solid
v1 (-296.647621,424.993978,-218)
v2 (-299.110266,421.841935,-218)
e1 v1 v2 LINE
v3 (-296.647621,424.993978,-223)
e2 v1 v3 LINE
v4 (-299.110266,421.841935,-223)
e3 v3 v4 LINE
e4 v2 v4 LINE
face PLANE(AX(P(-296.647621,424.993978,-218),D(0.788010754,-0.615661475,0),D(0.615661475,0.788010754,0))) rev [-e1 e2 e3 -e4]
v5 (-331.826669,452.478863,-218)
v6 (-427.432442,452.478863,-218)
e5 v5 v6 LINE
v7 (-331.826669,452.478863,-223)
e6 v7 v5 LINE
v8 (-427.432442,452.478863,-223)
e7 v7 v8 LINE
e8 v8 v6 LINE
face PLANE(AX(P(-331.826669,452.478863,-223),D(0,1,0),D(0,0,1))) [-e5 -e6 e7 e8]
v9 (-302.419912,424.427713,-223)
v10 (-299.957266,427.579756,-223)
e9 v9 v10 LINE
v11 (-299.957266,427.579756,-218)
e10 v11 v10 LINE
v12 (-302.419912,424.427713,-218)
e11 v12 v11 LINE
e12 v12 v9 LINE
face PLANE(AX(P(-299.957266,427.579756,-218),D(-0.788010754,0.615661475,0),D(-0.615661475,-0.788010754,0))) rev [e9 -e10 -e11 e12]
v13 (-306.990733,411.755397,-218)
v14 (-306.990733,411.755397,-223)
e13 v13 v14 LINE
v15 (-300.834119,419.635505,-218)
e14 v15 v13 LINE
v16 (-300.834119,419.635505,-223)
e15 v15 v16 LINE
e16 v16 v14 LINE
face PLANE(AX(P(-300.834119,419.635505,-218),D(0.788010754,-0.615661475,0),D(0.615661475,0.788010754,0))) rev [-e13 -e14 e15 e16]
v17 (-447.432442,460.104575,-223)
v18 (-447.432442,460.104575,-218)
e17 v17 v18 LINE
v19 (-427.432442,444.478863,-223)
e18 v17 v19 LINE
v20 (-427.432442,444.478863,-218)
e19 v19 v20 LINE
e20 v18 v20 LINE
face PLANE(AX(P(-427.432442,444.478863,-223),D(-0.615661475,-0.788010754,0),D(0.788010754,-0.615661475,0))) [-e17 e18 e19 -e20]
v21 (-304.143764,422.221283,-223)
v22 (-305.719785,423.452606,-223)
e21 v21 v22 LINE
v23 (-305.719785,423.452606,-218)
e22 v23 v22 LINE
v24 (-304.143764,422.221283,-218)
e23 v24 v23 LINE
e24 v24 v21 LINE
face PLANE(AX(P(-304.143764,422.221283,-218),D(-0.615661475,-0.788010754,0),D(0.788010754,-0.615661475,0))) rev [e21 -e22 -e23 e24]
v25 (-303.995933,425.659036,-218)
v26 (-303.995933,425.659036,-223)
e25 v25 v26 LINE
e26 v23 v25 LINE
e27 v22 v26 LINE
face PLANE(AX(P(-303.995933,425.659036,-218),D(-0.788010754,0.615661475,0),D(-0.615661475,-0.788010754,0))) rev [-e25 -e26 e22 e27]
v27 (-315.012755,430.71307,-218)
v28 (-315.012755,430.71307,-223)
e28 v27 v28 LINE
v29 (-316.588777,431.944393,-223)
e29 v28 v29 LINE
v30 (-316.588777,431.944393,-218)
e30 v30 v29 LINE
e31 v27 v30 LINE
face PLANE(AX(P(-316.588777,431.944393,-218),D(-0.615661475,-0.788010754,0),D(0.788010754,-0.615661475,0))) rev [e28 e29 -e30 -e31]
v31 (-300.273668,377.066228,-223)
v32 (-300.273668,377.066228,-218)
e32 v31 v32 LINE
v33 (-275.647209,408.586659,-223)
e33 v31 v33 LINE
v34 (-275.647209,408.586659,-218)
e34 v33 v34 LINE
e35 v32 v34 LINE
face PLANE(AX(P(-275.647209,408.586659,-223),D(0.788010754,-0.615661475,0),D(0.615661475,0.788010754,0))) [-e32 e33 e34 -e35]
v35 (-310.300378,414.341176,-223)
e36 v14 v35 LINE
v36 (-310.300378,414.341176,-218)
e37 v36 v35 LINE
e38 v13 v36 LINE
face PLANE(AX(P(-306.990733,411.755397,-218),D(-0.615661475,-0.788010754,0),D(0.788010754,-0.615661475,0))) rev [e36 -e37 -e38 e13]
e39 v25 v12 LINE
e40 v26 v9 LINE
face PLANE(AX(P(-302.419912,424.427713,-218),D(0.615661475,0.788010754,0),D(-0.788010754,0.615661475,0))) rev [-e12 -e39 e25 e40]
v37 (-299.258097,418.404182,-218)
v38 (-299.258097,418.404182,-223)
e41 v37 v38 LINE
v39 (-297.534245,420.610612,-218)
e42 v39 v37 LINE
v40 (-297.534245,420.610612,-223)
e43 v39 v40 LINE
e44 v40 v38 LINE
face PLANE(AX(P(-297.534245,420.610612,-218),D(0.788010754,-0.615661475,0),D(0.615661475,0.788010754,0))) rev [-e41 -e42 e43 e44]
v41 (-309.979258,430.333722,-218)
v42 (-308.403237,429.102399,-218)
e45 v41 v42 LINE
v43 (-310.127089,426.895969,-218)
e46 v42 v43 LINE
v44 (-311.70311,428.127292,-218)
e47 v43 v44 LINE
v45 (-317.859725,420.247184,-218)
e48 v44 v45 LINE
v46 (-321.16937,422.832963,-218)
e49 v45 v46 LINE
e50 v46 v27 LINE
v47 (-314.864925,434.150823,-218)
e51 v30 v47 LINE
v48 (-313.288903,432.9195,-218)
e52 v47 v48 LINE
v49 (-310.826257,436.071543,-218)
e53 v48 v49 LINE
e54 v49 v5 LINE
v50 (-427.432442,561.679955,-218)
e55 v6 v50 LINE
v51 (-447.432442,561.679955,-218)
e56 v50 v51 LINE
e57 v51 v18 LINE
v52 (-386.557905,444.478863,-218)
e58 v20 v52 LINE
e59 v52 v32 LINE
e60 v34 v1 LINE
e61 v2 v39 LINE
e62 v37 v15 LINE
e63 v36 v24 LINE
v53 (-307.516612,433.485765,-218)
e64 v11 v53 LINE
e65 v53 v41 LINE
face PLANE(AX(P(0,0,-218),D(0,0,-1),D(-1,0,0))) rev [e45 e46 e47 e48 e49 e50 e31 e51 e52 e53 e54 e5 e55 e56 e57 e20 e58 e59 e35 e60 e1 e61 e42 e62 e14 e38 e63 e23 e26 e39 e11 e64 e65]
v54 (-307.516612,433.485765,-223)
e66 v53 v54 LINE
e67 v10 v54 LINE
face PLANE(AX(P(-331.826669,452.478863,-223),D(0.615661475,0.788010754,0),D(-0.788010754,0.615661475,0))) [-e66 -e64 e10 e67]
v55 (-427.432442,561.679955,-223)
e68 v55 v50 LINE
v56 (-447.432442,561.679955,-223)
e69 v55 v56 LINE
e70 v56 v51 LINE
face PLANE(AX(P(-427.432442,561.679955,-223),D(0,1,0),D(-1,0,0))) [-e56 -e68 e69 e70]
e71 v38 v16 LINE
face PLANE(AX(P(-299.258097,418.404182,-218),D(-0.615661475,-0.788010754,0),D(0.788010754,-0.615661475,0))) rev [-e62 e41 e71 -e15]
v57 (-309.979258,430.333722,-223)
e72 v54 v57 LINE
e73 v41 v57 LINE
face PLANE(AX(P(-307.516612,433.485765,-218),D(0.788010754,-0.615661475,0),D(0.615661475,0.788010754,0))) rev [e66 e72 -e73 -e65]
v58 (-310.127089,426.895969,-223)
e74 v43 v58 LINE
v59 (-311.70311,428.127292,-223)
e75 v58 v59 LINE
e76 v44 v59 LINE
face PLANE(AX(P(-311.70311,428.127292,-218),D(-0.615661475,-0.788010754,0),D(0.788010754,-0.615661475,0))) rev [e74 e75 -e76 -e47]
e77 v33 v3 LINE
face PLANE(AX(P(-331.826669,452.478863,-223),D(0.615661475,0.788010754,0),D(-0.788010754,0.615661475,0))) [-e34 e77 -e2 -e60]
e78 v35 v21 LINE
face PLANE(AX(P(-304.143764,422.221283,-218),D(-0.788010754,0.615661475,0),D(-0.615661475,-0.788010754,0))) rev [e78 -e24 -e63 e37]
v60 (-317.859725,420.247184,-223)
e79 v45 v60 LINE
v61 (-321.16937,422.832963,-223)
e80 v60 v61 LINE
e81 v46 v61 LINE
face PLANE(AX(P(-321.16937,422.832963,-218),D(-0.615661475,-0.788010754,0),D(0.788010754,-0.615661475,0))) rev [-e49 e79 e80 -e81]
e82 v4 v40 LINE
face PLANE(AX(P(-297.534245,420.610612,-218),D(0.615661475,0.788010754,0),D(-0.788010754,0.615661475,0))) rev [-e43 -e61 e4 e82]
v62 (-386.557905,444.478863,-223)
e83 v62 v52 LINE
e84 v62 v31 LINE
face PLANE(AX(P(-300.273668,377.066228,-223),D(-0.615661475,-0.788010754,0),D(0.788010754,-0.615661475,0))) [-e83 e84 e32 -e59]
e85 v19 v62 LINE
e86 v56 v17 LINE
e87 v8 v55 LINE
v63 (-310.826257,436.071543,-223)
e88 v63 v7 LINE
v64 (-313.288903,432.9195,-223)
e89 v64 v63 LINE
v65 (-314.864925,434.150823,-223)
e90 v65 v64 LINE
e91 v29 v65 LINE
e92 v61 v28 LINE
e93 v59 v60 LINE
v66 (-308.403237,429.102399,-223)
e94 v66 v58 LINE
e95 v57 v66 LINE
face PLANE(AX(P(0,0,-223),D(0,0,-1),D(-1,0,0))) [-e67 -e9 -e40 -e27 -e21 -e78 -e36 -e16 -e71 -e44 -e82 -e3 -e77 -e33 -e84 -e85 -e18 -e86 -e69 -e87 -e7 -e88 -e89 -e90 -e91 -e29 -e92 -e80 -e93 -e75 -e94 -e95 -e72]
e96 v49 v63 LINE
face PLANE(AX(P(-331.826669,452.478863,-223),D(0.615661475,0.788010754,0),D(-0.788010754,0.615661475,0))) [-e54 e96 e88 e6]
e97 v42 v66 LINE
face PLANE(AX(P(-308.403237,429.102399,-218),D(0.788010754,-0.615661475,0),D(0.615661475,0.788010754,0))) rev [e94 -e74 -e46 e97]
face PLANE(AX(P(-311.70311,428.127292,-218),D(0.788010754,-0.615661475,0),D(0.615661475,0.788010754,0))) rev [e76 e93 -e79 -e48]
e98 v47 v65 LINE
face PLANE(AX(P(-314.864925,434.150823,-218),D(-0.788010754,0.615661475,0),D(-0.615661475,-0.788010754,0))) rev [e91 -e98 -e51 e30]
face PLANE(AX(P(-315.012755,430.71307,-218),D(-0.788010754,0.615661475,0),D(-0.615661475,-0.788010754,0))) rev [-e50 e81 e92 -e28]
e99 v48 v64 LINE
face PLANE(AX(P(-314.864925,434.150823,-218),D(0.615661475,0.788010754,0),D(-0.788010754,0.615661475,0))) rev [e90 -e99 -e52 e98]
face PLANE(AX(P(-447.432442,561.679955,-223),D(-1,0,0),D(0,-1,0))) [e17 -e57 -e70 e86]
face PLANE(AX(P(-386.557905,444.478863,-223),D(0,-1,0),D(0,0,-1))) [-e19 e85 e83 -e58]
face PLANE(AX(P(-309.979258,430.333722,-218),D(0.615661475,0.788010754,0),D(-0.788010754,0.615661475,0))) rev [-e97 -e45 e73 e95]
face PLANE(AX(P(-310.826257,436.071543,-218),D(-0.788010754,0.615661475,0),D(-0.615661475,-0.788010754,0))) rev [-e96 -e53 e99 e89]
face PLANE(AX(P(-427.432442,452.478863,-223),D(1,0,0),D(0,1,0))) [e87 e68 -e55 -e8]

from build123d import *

# Parameters (mm, degrees)
BOSS_EXTRUDE1_DEPTH     = 5
CUT_EXTRUDE1_DEPTH      = 1
CUT_EXTRUDE1_DEPTH_BACK = 6


with BuildPart() as part:
    # Sketch3 → Boss-Extrude1 (new body)
    with BuildSketch(Plane.XY.offset(-218)):
        Polygon((-331.826668729, 452.47886283), (-275.647209147, 408.586658554), (-300.273668161, 377.066228409), (-386.557905491, 444.47886283), (-427.432442284, 444.47886283), (-447.432442284, 460.10457536), (-447.432442284, 561.679955314), (-427.432442284, 561.679955314), (-427.432442284, 452.47886283), align=None)
    extrude(amount=-BOSS_EXTRUDE1_DEPTH)

    # Sketch4 → Cut-Extrude1 (cut, two sides)
    with BuildSketch(Plane(origin=(0, 0, -223), x_dir=(-1, 0, 0), z_dir=(0, 0, -1))) as cut_extrude1_sk:
        Polygon((296.647620515, 424.993978106), (299.95726568, 427.579756302), (302.419911581, 424.427713288), (303.995933089, 425.659036238), (305.71978522, 423.452606128), (304.143763712, 422.221283178), (310.300378466, 414.341175642), (306.990733301, 411.755397445), (300.834118547, 419.635504981), (299.25809704, 418.404182031), (297.534244909, 420.610612141), (299.110266416, 421.841935091), align=None)
        Polygon((309.979258098, 430.333722067), (308.40323659, 429.102399116), (310.127088721, 426.895969006), (311.703110229, 428.127291957), (317.859724982, 420.24718442), (321.169370147, 422.832962617), (315.012755394, 430.713070153), (316.588776901, 431.944393104), (314.86492477, 434.150823214), (313.288903263, 432.919500263), (310.826257361, 436.071543277), (307.516612196, 433.485765081), align=None)
    extrude(amount=CUT_EXTRUDE1_DEPTH, mode=Mode.SUBTRACT)
    extrude(cut_extrude1_sk.sketch, amount=-CUT_EXTRUDE1_DEPTH_BACK, mode=Mode.SUBTRACT)


solid = part.part
